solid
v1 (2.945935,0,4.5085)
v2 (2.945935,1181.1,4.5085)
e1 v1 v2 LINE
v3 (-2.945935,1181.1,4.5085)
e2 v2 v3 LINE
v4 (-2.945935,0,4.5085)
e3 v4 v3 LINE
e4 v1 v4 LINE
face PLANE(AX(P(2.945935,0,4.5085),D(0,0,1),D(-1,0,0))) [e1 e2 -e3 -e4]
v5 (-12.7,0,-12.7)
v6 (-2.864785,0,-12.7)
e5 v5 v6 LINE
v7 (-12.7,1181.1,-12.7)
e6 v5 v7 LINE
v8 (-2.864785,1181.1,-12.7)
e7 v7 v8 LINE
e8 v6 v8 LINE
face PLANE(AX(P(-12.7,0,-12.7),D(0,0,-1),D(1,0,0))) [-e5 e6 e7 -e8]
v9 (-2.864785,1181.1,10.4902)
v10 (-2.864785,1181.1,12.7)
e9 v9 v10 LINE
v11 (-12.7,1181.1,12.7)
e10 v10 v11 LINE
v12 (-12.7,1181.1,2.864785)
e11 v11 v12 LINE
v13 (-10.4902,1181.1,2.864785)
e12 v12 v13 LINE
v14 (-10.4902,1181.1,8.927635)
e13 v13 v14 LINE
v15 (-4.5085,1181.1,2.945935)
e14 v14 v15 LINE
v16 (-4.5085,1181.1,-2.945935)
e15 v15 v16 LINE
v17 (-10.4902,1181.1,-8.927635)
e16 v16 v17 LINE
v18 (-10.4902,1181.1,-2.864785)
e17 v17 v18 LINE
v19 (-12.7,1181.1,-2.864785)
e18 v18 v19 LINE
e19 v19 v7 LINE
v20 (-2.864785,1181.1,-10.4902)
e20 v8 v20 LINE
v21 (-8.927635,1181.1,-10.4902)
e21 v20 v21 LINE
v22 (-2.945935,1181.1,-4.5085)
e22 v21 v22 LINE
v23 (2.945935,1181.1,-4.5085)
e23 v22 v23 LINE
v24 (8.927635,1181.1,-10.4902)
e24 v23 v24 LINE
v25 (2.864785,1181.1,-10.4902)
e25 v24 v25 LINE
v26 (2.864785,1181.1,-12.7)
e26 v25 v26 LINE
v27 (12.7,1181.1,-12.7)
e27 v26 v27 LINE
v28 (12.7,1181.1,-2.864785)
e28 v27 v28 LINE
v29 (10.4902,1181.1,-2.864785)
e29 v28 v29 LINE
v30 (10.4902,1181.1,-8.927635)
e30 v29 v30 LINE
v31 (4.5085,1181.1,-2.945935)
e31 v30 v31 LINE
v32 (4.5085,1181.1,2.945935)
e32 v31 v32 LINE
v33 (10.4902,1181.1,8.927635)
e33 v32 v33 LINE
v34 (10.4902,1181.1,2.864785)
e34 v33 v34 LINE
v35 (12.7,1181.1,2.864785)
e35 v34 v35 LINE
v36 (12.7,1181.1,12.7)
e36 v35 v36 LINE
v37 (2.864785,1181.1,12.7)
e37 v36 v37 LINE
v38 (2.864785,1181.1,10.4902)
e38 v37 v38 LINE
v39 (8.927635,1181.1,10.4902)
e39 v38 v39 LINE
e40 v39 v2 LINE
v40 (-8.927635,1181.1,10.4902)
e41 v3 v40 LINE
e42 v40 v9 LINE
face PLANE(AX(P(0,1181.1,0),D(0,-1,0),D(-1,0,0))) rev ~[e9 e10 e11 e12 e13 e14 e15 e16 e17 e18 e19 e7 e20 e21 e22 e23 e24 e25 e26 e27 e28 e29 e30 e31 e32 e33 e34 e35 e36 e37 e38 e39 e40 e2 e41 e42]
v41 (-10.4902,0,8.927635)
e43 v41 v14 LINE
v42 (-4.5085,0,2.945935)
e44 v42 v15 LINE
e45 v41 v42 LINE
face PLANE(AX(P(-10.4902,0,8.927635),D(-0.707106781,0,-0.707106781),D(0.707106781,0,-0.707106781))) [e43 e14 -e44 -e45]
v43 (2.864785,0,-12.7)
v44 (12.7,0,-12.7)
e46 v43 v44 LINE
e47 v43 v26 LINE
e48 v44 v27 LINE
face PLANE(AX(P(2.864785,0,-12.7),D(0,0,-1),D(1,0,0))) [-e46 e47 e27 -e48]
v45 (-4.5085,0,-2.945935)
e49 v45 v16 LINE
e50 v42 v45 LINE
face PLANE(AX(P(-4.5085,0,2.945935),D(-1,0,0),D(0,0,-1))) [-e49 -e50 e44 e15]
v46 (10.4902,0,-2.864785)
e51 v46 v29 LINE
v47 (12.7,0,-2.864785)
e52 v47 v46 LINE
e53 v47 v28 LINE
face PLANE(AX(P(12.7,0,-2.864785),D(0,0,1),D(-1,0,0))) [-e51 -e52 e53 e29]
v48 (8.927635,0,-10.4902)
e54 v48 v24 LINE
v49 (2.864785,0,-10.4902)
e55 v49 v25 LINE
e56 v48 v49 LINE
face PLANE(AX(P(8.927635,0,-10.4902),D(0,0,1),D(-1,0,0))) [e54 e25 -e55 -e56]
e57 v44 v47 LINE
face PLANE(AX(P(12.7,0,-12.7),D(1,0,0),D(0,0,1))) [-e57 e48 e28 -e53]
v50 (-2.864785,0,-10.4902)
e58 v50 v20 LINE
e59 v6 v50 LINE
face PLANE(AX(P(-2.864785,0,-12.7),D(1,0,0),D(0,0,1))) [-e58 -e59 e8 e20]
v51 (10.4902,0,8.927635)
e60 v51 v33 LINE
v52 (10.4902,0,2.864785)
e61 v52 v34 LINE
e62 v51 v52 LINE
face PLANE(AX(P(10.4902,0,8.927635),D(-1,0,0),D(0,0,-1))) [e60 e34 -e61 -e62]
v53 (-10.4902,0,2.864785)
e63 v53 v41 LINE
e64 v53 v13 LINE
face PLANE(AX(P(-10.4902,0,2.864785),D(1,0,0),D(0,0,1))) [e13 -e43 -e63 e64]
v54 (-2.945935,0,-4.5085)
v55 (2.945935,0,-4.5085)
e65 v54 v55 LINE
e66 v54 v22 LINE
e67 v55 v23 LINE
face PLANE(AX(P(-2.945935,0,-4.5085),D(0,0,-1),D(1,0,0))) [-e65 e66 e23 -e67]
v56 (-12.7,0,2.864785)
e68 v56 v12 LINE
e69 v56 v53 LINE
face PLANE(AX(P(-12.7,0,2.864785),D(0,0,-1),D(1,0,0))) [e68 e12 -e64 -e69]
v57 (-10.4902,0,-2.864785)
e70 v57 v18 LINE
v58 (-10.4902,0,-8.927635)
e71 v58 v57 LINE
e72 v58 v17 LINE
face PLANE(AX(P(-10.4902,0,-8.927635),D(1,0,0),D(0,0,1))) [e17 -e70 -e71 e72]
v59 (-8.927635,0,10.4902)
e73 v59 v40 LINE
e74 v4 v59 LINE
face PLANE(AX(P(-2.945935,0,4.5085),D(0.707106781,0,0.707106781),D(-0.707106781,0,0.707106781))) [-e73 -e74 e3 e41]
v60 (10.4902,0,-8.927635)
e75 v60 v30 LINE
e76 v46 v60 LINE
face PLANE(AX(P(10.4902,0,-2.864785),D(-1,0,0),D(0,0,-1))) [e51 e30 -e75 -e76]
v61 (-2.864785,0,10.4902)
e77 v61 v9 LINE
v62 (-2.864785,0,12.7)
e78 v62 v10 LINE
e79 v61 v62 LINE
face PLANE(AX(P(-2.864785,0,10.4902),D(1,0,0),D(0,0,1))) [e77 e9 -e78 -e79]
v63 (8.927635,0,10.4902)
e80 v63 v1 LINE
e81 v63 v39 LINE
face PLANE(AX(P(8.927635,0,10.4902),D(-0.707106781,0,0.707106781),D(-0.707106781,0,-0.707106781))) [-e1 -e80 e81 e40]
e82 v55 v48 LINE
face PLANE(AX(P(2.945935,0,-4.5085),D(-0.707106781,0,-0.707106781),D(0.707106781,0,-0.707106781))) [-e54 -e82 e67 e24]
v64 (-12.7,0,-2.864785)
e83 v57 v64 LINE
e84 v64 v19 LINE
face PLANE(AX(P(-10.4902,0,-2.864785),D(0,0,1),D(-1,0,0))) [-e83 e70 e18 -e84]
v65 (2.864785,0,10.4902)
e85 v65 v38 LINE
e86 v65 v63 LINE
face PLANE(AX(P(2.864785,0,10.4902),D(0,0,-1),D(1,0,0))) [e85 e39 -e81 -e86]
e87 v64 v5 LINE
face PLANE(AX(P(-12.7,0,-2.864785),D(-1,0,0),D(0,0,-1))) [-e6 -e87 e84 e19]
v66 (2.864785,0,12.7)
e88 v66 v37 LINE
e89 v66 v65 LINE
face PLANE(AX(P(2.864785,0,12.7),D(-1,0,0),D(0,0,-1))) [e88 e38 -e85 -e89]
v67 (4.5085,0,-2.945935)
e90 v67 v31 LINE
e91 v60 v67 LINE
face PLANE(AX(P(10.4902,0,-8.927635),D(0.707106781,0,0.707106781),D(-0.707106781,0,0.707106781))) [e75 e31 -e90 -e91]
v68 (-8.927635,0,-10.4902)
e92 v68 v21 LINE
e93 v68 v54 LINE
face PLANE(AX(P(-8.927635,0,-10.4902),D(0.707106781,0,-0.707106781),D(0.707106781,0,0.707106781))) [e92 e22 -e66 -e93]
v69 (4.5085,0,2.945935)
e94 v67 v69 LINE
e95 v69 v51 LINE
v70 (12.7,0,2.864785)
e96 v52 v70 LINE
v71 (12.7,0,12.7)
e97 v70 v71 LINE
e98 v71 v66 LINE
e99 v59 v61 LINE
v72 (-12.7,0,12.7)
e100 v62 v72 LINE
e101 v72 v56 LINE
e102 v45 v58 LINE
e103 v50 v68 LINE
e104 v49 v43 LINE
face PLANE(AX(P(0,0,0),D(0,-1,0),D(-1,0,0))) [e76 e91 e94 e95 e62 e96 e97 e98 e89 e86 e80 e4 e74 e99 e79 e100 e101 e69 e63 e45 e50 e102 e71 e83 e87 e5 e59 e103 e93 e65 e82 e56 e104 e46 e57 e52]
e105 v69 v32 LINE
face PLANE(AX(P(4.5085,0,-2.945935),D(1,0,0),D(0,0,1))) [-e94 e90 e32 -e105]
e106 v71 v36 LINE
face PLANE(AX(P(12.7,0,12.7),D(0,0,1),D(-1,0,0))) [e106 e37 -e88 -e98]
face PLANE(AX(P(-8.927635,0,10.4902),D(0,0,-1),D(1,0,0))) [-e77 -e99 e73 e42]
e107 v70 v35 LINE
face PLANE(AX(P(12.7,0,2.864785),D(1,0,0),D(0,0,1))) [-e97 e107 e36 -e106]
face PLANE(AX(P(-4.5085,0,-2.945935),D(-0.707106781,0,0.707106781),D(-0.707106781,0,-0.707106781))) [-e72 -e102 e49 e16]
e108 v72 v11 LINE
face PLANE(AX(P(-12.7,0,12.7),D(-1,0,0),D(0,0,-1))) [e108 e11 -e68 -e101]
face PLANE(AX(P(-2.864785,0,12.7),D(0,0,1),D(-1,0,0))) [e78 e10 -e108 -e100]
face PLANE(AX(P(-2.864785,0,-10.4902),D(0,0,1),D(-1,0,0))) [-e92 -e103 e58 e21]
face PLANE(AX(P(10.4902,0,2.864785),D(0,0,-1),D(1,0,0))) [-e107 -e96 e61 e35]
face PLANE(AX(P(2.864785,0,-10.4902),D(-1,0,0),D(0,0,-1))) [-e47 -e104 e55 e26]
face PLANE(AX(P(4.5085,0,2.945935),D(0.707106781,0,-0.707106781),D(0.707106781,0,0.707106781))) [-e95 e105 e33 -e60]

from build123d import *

# Parameters (mm, degrees)
BOSS_EXTRUDE1_DEPTH = 1181.1


with BuildPart() as part:
    # Sketch1 → Boss-Extrude1 (new body)
    with BuildSketch(Plane(origin=(11.365010382, 0, 9.846206226), x_dir=(1, 0, 0), z_dir=(0, 1, 0))):
        Polygon((-24.065010382, 22.546206226), (-14.229795365, 22.546206226), (-14.229795365, 20.336406226), (-20.292645817, 20.336406226), (-14.310945817, 14.354706226), (-8.419074947, 14.354706226), (-2.437374947, 20.336406226), (-8.5002254, 20.336406226), (-8.5002254, 22.546206226), (1.334989618, 22.546206226), (1.334989618, 12.710991208), (-0.874810382, 12.710991208), (-0.874810382, 18.773841661), (-6.856510382, 12.792141661), (-6.856510382, 6.900270791), (-0.874810382, 0.918570791), (-0.874810382, 6.981421243), (1.334989618, 6.981421243), (1.334989618, -2.853793774), (-8.5002254, -2.853793774), (-8.5002254, -0.643993774), (-2.437374947, -0.643993774), (-8.419074947, 5.337706226), (-14.310945817, 5.337706226), (-20.292645817, -0.643993774), (-14.229795365, -0.643993774), (-14.229795365, -2.853793774), (-24.065010382, -2.853793774), (-24.065010382, 6.981421243), (-21.855210382, 6.981421243), (-21.855210382, 0.918570791), (-15.873510382, 6.900270791), (-15.873510382, 12.792141661), (-21.855210382, 18.773841661), (-21.855210382, 12.710991208), (-24.065010382, 12.710991208), align=None)
    extrude(amount=BOSS_EXTRUDE1_DEPTH)


solid = part.part
